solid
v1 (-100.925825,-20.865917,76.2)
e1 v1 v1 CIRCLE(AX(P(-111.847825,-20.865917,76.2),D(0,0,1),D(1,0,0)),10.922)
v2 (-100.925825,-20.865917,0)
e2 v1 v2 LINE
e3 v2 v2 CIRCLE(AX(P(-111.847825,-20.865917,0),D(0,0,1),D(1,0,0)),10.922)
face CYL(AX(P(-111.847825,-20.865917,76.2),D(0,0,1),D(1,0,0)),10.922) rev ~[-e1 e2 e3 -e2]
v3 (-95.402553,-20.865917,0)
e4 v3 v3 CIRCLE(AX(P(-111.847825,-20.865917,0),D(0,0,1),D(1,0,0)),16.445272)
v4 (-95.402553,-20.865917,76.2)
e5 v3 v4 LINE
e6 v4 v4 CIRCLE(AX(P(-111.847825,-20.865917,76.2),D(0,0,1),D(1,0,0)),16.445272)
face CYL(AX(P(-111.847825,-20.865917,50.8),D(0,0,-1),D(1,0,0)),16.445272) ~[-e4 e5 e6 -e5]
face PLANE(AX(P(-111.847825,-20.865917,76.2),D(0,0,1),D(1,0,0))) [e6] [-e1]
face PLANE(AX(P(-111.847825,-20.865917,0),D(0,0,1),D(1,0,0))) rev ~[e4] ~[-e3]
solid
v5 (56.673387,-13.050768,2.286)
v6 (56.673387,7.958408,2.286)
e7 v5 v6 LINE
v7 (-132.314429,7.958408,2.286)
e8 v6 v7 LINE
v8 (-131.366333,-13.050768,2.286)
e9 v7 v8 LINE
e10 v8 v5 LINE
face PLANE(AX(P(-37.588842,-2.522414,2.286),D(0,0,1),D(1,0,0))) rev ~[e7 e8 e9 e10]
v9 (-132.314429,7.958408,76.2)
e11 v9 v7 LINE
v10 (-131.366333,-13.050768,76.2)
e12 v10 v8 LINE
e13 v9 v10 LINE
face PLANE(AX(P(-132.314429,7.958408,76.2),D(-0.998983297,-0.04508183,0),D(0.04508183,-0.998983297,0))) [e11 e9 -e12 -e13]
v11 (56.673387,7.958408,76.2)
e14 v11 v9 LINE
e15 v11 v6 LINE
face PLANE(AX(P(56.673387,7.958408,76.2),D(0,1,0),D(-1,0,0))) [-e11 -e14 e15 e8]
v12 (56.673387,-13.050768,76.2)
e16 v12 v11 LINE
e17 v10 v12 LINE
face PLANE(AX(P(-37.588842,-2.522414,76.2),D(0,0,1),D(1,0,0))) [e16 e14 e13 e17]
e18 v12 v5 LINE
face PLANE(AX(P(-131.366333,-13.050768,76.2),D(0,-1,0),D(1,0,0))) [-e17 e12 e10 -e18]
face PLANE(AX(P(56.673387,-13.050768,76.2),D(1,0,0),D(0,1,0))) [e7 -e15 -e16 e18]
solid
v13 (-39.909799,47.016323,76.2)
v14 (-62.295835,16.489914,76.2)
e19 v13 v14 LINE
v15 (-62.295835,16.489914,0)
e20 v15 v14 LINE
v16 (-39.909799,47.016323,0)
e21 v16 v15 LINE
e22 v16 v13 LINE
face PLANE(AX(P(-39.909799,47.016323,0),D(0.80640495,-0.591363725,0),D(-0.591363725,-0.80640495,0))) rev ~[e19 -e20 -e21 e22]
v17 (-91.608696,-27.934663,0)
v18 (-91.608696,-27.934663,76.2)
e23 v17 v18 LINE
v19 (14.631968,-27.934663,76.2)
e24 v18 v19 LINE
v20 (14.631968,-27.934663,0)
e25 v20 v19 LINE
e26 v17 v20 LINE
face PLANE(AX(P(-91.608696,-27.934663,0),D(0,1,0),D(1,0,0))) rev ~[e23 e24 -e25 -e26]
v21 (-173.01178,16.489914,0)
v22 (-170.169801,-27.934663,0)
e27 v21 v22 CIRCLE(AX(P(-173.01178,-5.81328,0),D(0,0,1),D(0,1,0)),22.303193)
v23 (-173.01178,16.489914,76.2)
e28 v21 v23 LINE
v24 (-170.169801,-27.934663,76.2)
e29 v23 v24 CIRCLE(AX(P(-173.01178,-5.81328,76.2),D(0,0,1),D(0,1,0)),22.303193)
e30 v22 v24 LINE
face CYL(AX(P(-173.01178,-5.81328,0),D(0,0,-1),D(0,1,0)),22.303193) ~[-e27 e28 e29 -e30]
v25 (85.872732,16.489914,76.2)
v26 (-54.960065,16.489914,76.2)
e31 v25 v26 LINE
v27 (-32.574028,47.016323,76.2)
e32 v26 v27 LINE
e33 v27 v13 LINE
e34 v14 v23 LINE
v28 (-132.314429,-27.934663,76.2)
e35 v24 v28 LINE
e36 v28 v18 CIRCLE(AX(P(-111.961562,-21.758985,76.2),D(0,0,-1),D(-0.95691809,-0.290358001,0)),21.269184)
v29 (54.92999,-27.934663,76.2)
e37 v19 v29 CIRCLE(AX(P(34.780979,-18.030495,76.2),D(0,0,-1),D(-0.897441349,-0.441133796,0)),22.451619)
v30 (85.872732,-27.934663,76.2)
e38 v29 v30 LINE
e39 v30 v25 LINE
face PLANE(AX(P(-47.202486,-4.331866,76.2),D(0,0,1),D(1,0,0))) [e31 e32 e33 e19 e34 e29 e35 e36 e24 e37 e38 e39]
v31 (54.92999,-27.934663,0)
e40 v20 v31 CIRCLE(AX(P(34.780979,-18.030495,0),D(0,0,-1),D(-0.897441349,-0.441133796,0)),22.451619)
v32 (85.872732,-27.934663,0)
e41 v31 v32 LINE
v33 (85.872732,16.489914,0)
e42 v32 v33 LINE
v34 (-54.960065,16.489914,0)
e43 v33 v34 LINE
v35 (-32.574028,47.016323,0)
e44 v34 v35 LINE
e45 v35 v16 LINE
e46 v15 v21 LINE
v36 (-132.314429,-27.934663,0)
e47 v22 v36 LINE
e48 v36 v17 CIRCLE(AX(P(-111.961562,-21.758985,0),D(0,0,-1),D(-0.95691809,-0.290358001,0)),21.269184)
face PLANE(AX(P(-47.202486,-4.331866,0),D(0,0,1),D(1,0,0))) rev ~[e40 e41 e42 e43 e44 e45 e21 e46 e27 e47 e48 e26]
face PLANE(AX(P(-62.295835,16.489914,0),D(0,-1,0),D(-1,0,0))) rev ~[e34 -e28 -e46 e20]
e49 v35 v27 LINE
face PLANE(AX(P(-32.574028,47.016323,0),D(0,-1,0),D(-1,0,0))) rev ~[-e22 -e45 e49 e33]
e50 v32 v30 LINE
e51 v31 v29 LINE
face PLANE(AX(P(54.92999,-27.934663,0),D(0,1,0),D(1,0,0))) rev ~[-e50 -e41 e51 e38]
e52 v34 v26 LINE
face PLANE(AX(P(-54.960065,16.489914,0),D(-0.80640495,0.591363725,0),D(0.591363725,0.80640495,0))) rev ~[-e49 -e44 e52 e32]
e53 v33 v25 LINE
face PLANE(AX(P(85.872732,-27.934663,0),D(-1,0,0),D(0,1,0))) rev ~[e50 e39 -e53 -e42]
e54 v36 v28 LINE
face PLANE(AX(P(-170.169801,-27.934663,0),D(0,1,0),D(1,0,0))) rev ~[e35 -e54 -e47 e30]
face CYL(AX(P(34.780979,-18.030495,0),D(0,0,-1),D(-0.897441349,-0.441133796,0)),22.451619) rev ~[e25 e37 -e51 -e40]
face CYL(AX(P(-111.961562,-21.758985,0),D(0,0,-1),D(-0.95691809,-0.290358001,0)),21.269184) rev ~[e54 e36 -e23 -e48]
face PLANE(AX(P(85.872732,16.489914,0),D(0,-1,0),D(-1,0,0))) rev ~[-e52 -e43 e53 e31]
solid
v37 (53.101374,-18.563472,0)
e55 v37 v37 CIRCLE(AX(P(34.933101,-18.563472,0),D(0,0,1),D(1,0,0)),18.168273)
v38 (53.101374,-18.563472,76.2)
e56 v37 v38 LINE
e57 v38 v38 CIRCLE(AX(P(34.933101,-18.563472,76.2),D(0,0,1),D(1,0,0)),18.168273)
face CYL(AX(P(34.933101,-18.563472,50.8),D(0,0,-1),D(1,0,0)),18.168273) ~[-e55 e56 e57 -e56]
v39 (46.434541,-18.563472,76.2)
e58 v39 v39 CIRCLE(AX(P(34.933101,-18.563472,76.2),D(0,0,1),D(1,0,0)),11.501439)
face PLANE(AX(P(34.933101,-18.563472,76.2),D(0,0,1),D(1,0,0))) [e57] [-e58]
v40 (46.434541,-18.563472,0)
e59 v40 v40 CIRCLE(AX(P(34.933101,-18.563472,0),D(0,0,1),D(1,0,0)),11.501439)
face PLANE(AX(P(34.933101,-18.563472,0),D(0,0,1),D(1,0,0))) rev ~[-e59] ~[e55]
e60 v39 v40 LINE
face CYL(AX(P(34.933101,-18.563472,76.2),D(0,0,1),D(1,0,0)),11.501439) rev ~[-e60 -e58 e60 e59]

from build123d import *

# Parameters (mm, degrees)
F1_DEPTH  = 76.2
F2_R      = 16.4452720744
F3_DEPTH  = 25.4
F4_R      = 18.1682730775
F5_DEPTH  = 25.4
F6_DEPTH  = 25.4
F7_DEPTH  = 25.4
F8_DEPTH  = 25.4
F9_DEPTH  = 25.4
F10_R     = 10.922
F11_DEPTH = 134.112
F12_R     = 11.5014392976
F13_DEPTH = 76.2
F15_DEPTH = 73.914


with BuildPart() as f1:
    # F0 (on Top) → F1 (new body)
    with BuildSketch(Plane.XY):
        with BuildLine():
            Line((-62.2958354652, 16.4899136871), (-131.8960487843, 16.4899136871))
            Line((-131.8960487843, 16.4899136871), (-173.0117797852, 16.4899136871))
            ThreePointArc((-173.0117797852, 16.4899136871), (-195.2694742961, -7.2371742186), (-170.1698005199, -27.9346629977))
            Line((-170.1698005199, -27.9346629977), (-132.3144286871, -27.9346629977))
            ThreePointArc((-132.3144286871, -27.9346629977), (-111.9615621865, -0.4898018185), (-91.6086956859, -27.9346629977))
            Line((-91.6086956859, -27.9346629977), (14.6319679916, -27.9346629977))
            ThreePointArc((14.6319679916, -27.9346629977), (34.7809791565, 4.4211238029), (54.9299903214, -27.9346629977))
            Line((54.9299903214, -27.9346629977), (85.8727321029, -27.9346629977))
            Line((85.8727321029, -27.9346629977), (85.8727321029, 16.4899136871))
            Line((85.8727321029, 16.4899136871), (-54.96006459, 16.4899136871))
            Line((-54.96006459, 16.4899136871), (-62.2958354652, 16.4899136871))
        make_face()
        Polygon((-39.9097986519, 47.0163226128), (-62.2958354652, 16.4899136871), (-54.96006459, 16.4899136871), (-32.5740277767, 47.0163226128), align=None)
    extrude(amount=F1_DEPTH)


with BuildPart() as f3:
    # F2 (on Top) → F3 (new body)
    with BuildSketch(Plane.XY):
        with Locations((-111.8478253484, -20.8659172058)):
            Circle(F2_R)
    extrude(amount=F3_DEPTH)

    # F6 (add): a face of the model
    f6_faces = [f3.faces().sort_by_distance(p)[0] for p in [
        (-111.8478253484, -20.8659172058, 25.4),
    ]]
    extrude(f6_faces, amount=F6_DEPTH)

    # F7 (add): a face of the model
    f7_faces = [f3.faces().sort_by_distance(p)[0] for p in [
        (-111.8478253484, -20.8659172058, 50.8),
    ]]
    extrude(f7_faces, amount=F7_DEPTH)

    # F10 (on face) → F11 (cut)
    with BuildSketch(Plane.XY.offset(76.2)):
        with Locations((-111.8478253484, -20.8659172058)):
            Circle(F10_R)
    extrude(amount=-F11_DEPTH, mode=Mode.SUBTRACT)


with BuildPart() as f5:
    # F4 (on Top) → F5 (new body)
    with BuildSketch(Plane.XY):
        with Locations((34.9331013858, -18.5634717345)):
            Circle(F4_R)
    extrude(amount=F5_DEPTH)

    # F8 (add): a face of the model
    f8_faces = [f5.faces().sort_by_distance(p)[0] for p in [
        (34.9331013858, -18.5634717345, 25.4),
    ]]
    extrude(f8_faces, amount=F8_DEPTH)

    # F9 (add): a face of the model
    f9_faces = [f5.faces().sort_by_distance(p)[0] for p in [
        (34.9331013858, -18.5634717345, 50.8),
    ]]
    extrude(f9_faces, amount=F9_DEPTH)

    # F12 (on face) → F13 (cut)
    with BuildSketch(Plane.XY.offset(76.2)):
        with Locations((34.9331013858, -18.5634717345)):
            Circle(F12_R)
    extrude(amount=-F13_DEPTH, mode=Mode.SUBTRACT)


with BuildPart() as f15:
    # F14 (on face) → F15 (new body)
    with BuildSketch(Plane.XY.offset(76.2)):
        Polygon((-132.3144286871, 7.9584084451), (-131.3663326487, -13.0507678567), (56.6733867137, -13.0507678567), (56.6733867137, 7.9584084451), align=None)
    extrude(amount=-F15_DEPTH)


solid = Compound([f1.part, f3.part, f5.part, f15.part])
